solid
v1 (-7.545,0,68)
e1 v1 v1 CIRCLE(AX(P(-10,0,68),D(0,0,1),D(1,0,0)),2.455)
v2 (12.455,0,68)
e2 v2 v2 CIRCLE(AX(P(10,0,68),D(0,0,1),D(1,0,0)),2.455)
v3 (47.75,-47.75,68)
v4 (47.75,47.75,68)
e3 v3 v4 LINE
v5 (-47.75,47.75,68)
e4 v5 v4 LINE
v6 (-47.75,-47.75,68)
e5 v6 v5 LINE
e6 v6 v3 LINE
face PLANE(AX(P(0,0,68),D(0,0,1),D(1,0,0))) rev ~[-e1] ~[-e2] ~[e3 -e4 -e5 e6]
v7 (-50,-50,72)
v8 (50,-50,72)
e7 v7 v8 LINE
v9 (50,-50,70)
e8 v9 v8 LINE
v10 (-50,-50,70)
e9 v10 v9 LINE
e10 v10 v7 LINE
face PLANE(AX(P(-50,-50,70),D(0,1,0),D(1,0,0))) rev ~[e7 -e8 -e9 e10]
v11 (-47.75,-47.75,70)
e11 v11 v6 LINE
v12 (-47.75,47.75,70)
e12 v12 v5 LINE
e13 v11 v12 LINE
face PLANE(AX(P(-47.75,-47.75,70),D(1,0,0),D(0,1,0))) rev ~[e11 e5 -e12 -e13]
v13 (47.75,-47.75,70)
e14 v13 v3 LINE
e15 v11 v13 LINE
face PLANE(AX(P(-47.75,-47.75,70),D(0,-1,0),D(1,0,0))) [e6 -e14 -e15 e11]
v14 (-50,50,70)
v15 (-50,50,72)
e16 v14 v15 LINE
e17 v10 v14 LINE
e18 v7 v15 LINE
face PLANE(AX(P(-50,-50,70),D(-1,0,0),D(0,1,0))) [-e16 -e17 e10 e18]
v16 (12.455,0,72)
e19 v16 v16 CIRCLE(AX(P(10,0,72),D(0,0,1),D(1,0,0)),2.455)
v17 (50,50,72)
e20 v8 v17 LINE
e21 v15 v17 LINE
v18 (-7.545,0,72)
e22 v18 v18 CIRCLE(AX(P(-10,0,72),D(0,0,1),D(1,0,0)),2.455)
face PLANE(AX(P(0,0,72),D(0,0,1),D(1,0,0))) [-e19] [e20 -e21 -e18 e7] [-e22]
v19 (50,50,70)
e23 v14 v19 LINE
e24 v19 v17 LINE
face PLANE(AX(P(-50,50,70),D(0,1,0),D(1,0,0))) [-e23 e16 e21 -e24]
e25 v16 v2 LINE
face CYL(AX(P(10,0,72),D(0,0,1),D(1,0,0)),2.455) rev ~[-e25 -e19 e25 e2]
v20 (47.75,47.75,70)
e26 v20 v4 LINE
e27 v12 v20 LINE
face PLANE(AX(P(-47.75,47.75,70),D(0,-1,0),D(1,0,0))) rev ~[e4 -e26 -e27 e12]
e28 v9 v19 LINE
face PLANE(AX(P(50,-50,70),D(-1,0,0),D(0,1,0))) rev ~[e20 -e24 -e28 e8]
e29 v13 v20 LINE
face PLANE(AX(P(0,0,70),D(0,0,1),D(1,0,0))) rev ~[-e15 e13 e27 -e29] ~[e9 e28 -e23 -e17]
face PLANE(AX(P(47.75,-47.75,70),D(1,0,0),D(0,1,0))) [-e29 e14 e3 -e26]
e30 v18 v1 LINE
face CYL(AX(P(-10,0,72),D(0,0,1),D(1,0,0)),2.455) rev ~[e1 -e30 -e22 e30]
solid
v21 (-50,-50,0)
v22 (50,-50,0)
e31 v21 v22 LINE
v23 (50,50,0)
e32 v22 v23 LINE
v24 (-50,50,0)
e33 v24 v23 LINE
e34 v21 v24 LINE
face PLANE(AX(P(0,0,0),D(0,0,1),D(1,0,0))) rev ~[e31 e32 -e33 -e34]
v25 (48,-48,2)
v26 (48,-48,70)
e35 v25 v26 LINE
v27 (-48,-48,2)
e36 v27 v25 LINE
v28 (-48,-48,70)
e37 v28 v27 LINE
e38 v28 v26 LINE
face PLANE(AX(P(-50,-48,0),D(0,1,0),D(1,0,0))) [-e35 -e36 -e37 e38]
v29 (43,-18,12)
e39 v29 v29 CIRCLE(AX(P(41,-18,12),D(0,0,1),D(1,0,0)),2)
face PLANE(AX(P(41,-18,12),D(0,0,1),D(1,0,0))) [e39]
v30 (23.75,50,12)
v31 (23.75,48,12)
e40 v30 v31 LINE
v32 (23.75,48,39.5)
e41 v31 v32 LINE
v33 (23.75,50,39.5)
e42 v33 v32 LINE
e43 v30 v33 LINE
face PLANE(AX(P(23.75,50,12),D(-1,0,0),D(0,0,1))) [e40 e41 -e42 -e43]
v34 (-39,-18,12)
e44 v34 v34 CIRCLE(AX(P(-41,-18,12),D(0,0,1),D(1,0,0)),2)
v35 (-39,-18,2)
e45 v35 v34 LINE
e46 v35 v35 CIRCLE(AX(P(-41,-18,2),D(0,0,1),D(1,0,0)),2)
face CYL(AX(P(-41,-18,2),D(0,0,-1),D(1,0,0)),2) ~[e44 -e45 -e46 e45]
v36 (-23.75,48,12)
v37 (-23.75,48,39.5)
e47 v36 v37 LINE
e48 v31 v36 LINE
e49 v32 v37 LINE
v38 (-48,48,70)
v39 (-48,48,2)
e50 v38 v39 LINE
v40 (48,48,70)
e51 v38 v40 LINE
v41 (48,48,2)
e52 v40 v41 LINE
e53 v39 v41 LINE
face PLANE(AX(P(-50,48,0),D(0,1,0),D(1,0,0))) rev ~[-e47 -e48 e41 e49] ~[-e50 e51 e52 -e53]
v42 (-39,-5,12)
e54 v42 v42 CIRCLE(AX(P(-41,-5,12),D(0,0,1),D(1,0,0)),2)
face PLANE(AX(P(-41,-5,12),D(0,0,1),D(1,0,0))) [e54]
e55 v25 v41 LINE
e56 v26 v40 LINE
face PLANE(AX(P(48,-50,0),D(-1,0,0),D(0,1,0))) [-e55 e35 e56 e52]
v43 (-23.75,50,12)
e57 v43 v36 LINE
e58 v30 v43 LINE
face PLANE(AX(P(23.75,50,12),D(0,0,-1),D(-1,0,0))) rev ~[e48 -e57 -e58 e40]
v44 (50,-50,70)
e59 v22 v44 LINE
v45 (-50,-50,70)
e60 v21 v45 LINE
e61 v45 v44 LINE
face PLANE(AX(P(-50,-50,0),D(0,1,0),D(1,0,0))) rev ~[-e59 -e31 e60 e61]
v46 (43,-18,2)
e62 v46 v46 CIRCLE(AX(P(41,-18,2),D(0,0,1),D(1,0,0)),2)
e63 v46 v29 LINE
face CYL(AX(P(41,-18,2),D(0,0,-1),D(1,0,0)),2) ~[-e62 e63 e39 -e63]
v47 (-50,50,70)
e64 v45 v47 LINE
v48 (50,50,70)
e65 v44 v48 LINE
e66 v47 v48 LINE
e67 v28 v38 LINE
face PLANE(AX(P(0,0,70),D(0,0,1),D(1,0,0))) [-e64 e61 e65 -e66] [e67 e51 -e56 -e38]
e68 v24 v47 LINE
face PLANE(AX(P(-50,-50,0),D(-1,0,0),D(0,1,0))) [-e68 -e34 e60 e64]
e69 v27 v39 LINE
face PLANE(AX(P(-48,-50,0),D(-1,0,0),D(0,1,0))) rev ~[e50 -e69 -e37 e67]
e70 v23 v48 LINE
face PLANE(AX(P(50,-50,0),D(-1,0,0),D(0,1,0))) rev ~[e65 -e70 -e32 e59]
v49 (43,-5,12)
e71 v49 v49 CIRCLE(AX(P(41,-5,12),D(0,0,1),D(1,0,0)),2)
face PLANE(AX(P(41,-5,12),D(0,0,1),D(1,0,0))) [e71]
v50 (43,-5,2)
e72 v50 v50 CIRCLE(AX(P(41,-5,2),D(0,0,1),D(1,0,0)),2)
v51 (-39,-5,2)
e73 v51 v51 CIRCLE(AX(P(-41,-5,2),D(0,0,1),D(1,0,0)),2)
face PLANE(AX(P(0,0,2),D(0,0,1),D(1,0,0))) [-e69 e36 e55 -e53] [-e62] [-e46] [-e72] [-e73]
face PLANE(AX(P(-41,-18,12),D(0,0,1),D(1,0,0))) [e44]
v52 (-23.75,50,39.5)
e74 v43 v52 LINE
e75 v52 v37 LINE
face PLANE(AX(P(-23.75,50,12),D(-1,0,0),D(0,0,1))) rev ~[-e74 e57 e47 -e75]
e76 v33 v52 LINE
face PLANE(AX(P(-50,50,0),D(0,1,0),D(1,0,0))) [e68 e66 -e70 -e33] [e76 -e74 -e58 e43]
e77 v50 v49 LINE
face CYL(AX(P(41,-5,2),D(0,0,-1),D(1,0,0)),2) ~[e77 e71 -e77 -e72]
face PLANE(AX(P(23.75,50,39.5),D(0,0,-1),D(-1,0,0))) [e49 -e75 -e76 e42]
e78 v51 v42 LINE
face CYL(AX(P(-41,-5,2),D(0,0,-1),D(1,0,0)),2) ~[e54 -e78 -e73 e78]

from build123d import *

# Parameters (mm, degrees)
F0_W      = 100
F0_H      = 100
F1_DEPTH  = 70
F2_T      = -2
F3_R      = 2
F4_DEPTH  = 10
F5_W      = 47.5
F5_H      = 27.5
F6_DEPTH  = 25
F7_W      = 95.5
F7_H      = 95.5
F8_DEPTH  = 2
F9_W      = 100
F9_H      = 100
F10_DEPTH = 2
F11_R     = 2.455
F12_DEPTH = 25


with BuildPart() as f1:
    # F0 (on Top) → F1 (new body)
    with BuildSketch(Plane.XY):
        Rectangle(F0_W, F0_H)
    extrude(amount=F1_DEPTH)

    # F2
    f2_openings = [f1.faces().sort_by_distance(p)[0] for p in [
        (0, 0, 70),
    ]]
    offset(amount=F2_T, openings=f2_openings)

    # F3 (on face) → F4 (join)
    with BuildSketch(Plane.XY.offset(2)):
        with Locations((-41, -5)):
            Circle(F3_R)
        with Locations((-41, -18)):
            Circle(F3_R)
        with Locations((41, -5)):
            Circle(F3_R)
        with Locations((41, -18)):
            Circle(F3_R)
    extrude(amount=F4_DEPTH)

    # F5 (on face) → F6 (cut)
    with BuildSketch(Plane(origin=(0, 50, 0), x_dir=(-1, 0, 0), z_dir=(0, 1, 0))):
        with Locations((0, 25.75)):
            Rectangle(F5_W, F5_H)
    extrude(amount=-F6_DEPTH, mode=Mode.SUBTRACT)


with BuildPart() as f8:
    # F7 (on face) → F8 (new body)
    with BuildSketch(Plane.XY.offset(70)):
        Rectangle(F7_W, F7_H)
    extrude(amount=-F8_DEPTH)

    # F9 (on face) → F10 (join)
    with BuildSketch(Plane.XY.offset(70)):
        Rectangle(F9_W, F9_H)
    extrude(amount=F10_DEPTH)

    # F11 (on face) → F12 (cut)
    with BuildSketch(Plane.XY.offset(72)):
        with Locations((10, 0)):
            Circle(F11_R)
        with Locations((-10, 0)):
            Circle(F11_R)
    extrude(amount=-F12_DEPTH, mode=Mode.SUBTRACT)


solid = Compound([f1.part, f8.part])
